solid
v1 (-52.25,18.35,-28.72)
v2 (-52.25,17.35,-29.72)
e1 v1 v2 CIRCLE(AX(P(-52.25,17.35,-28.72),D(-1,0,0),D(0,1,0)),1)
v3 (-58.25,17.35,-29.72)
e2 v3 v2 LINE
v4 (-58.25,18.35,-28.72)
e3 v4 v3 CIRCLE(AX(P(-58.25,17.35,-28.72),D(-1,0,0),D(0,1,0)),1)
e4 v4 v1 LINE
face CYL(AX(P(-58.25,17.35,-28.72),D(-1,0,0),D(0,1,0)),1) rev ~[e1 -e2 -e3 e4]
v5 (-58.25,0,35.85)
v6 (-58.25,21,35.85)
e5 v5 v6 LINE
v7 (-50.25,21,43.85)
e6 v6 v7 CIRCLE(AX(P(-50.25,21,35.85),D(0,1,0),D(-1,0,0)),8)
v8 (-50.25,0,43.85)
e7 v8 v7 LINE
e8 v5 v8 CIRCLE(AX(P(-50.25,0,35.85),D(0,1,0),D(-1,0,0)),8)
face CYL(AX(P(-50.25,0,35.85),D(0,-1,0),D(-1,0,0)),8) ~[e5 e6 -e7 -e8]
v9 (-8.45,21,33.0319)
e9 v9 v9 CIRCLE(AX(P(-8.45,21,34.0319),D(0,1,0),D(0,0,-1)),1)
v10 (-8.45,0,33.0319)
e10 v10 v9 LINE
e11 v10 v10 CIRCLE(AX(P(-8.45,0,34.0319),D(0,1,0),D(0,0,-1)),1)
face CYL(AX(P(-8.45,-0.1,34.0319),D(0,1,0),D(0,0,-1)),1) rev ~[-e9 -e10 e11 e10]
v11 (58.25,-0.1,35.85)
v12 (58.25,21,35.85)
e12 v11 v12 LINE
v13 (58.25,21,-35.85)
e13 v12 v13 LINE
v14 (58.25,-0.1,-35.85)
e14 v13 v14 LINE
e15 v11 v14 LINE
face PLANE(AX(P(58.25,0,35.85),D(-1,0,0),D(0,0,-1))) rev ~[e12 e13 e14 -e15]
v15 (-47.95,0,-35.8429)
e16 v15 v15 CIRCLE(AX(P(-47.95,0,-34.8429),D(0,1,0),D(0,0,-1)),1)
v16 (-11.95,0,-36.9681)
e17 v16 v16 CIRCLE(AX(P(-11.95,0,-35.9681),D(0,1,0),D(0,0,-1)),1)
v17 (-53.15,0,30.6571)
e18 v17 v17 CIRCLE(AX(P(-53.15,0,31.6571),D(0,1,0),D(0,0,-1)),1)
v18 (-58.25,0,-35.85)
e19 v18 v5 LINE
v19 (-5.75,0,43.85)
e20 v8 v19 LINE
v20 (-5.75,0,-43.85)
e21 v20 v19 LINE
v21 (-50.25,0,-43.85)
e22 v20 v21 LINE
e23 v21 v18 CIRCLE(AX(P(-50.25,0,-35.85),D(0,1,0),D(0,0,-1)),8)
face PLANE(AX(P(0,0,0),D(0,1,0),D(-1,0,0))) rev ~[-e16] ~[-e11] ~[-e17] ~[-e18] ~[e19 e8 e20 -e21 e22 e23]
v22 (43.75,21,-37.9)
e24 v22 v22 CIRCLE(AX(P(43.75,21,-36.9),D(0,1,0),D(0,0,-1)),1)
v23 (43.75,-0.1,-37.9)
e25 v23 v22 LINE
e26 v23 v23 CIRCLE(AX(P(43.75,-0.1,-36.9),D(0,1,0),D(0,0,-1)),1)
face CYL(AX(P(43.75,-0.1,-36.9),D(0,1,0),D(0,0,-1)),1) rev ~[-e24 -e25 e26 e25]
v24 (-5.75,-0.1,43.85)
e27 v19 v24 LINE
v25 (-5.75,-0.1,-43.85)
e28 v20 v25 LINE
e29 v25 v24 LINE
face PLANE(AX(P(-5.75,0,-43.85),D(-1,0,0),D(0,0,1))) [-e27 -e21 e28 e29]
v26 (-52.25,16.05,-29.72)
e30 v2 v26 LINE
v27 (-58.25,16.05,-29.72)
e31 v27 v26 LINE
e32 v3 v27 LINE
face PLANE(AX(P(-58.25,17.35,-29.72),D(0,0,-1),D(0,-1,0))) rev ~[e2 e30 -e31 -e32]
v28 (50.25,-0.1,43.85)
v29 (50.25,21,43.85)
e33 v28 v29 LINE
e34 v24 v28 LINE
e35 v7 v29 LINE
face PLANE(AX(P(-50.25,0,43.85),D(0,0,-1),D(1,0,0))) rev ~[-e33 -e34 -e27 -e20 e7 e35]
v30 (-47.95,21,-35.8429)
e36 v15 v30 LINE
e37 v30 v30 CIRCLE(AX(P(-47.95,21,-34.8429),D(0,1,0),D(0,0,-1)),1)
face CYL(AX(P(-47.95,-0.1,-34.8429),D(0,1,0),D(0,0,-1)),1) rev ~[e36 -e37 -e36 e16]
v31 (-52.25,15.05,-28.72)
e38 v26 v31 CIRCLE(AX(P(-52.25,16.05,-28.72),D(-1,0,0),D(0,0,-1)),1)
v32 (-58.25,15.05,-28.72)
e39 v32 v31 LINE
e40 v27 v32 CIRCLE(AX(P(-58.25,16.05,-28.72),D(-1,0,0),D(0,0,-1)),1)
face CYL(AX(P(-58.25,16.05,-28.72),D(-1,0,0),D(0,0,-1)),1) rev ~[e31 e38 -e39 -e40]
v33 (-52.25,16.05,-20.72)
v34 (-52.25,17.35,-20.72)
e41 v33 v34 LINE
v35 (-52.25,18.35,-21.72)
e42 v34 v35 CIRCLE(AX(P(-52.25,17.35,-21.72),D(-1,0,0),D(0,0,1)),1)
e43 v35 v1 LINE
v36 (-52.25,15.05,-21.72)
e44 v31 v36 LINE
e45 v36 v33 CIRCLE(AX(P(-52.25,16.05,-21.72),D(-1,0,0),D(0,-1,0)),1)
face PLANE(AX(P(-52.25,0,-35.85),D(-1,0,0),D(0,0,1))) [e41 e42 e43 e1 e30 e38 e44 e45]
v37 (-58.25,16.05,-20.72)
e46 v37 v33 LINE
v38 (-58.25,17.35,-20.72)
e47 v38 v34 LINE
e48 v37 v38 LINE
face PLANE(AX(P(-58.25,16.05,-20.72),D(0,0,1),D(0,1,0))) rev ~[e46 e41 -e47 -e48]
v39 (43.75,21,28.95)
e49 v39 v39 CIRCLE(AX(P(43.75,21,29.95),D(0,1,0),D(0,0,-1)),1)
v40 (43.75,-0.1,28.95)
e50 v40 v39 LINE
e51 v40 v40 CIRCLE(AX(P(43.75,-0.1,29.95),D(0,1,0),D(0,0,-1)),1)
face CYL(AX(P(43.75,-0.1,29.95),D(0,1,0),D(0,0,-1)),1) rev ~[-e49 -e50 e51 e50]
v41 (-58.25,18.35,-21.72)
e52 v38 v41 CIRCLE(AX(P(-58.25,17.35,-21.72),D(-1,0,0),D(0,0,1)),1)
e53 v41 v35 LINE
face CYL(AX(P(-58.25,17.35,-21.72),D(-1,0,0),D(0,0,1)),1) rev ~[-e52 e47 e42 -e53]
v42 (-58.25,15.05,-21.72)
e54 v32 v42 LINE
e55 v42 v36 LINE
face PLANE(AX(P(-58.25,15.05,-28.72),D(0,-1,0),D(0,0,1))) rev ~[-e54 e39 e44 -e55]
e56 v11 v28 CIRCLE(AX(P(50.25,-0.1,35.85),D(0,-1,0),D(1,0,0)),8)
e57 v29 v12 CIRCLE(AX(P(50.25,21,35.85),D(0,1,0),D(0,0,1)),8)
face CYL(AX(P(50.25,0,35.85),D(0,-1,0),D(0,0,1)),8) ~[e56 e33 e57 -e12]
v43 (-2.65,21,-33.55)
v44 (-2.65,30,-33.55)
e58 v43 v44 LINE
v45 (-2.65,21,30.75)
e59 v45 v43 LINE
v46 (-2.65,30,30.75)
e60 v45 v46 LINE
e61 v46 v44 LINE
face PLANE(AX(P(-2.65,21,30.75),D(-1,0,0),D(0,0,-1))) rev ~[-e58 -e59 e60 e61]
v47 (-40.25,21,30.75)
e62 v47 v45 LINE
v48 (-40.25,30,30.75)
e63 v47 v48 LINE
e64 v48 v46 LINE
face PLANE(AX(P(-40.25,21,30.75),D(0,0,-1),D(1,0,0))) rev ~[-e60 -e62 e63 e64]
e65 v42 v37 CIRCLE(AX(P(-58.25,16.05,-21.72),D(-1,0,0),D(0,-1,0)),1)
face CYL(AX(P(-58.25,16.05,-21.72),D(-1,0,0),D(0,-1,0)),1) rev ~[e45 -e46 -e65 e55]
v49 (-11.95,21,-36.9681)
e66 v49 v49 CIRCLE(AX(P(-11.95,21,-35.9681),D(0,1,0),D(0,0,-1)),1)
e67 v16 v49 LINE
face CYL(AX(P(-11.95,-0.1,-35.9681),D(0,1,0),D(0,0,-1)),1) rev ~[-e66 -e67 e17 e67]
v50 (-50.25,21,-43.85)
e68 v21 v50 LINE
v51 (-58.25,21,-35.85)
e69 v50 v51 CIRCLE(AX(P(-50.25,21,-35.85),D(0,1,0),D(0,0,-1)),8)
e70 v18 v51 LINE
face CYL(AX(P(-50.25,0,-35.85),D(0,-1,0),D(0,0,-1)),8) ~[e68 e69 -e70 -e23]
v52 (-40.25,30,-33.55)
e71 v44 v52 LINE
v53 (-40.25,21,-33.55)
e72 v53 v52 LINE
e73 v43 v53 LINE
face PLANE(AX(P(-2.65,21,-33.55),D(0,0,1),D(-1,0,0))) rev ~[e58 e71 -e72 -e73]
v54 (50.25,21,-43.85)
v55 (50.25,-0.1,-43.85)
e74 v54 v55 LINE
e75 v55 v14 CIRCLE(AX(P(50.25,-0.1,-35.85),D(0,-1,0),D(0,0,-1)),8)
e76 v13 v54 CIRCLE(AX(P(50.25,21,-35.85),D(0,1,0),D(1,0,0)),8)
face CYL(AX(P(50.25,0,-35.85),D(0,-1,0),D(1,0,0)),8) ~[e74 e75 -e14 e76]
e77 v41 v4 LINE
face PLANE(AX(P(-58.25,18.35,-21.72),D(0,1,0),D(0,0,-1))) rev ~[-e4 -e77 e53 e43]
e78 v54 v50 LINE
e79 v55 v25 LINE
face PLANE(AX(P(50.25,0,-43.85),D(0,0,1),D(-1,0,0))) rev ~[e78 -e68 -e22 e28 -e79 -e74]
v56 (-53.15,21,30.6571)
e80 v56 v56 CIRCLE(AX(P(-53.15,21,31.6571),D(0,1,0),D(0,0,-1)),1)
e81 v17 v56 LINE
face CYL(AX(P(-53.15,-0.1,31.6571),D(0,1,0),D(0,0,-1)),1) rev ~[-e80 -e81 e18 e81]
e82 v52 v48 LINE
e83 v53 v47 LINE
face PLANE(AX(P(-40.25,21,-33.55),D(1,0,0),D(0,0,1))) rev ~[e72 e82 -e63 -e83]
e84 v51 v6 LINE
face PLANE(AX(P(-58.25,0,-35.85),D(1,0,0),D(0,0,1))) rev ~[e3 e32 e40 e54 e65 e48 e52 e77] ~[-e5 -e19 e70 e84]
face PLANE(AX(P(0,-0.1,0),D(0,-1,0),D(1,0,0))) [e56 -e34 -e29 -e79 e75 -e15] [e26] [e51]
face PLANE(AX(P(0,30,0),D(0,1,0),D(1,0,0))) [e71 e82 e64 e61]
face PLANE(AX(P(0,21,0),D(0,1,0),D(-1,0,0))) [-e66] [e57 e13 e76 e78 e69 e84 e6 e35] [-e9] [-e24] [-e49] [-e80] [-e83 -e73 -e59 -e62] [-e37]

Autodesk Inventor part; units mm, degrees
ref_plane "YZ Plane" through (0, 0, 0) normal (1, 0, 0) x (0, 1, 0)
ref_plane "XZ Plane" through (0, 0, 0) normal (0, 1, 0) x (-1, 0, 0)
ref_plane "XY Plane" through (0, 0, 0) normal (0, 0, 1) x (1, 0, 0)
sketch "Skizze1" plane through (0, 0, 0) normal (0, 1, 0) x (-1, 0, 0)
  line L0 (50.25, 43.85) -> (-50.25, 43.85)
  line L1 (-58.25, 35.85) -> (-58.25, -35.85)
  line L2 (-50.25, -43.85) -> (50.25, -43.85)
  line L3 (58.25, -35.85) -> (58.25, 35.85)
  line L4 (58.25, 43.85) -> (-58.25, -43.85) construction
  line L5 (-58.25, 43.85) -> (58.25, -43.85) construction
  arc A0 (58.25, 35.85) -> (50.25, 43.85) centre (50.25, 35.85) ccw
  arc A1 (50.25, -43.85) -> (58.25, -35.85) centre (50.25, -35.85) ccw
  arc A2 (-58.25, -35.85) -> (-50.25, -43.85) centre (-50.25, -35.85) ccw
  arc A3 (-50.25, 43.85) -> (-58.25, 35.85) centre (-50.25, 35.85) ccw
  point P0 (0, 0)
  dimension "d0" = 116.5
  dimension "d1" = 87.7
  dimension "d2" = 8
extrude "Extrusion1" add sketch "Skizze1" along normal blind 21
sketch "Skizze2" plane through (0, 0, 0) normal (0, -1, 0) x (1, 0, 0)
  arc A0 (58.25, 35.85) -> (50.25, 43.85) centre (50.25, 35.85) ccw projected
  line L0 (-50.25, 43.85) -> (50.25, 43.85) projected
  arc A1 (-50.25, 43.85) -> (-58.25, 35.85) centre (-50.25, 35.85) ccw projected
  line L1 (-58.25, -35.85) -> (-58.25, 35.85) projected
  arc A2 (-58.25, -35.85) -> (-50.25, -43.85) centre (-50.25, -35.85) ccw projected
  line L2 (50.25, -43.85) -> (-50.25, -43.85) projected
  arc A3 (50.25, -43.85) -> (58.25, -35.85) centre (50.25, -35.85) ccw projected
  line L3 (58.25, 35.85) -> (58.25, -35.85) projected
  line L4 (50.25, -43.85) -> (-50.25, -43.85) projected
  line L5 (-5.75, -43.85) -> (-5.75, 43.85)
  point P0 (0, 0)
  dimension "d5" = 64
extrude "Extrusion2" add sketch "Skizze2" along normal blind 0.1 contours L3 A3 L2 L5 L0 A0
sketch "Skizze3" plane through (0, 21, 0) normal (0, 1, 0) x (1, 0, 0)
  line L0 (-40.25, -30.75) -> (-2.65, -30.75)
  line L1 (-2.65, -30.75) -> (-2.65, 33.55)
  line L2 (-2.65, 33.55) -> (-40.25, 33.55)
  line L3 (-40.25, 33.55) -> (-40.25, -30.75)
  line L4 (-40.25, -30.75) -> (-2.65, 33.55) construction
  line L5 (-2.65, -30.75) -> (-40.25, 33.55) construction
  line L6 (-50.25, -43.85) -> (50.25, -43.85) projected
  line L7 (50.25, 43.85) -> (-50.25, 43.85) projected
  line L8 (-58.25, 35.85) -> (-58.25, -35.85) projected
  point P0 (0, 0)
  point P1 (-21.45, 1.4)
  dimension "d8" = 37.6
  dimension "d9" = 64.3
  dimension "d10" = 13.1
  dimension "d11" = 10.3
  dimension "d12" = 18
extrude "Extrusion3" add sketch "Skizze3" along normal blind 9
sketch "Skizze4" plane through (0, -0.1, 0) normal (0, -1, 0) x (1, 0, 0)
  line L0 (50.25, 43.85) -> (-5.75, 43.85) projected
  line L1 (-5.75, 43.85) -> (-5.75, -43.85) projected
  line L2 (-5.75, -43.85) -> (50.25, -43.85) projected
  arc A0 (50.25, -43.85) -> (58.25, -35.85) centre (50.25, -35.85) ccw projected
  line L3 (58.25, -35.85) -> (58.25, 35.85) projected
  arc A1 (58.25, 35.85) -> (50.25, 43.85) centre (50.25, 35.85) ccw projected
  line L4 (-5.75, -43.85) -> (-5.75, 43.85) projected
  line L5 (-50.25, 43.85) -> (-5.75, 43.85) projected
  arc A2 (-50.25, 43.85) -> (-58.25, 35.85) centre (-50.25, 35.85) ccw projected
  line L6 (-58.25, -35.85) -> (-58.25, 35.85) projected
  arc A3 (-58.25, -35.85) -> (-50.25, -43.85) centre (-50.25, -35.85) ccw projected
  line L7 (-5.75, -43.85) -> (-50.25, -43.85) projected
  circle A4 centre (43.75, -36.9) radius 1.1
  circle A5 centre (43.75, 29.95) radius 1.1
  circle A6 centre (-11.95, -35.9681) radius 1.1
  circle A7 centre (-8.45, 34.0319) radius 1.1
  circle A8 centre (-47.95, -34.8429) radius 1.1
  circle A9 centre (-53.15, 31.6571) radius 1.1
  point P0 (0, 0)
  dimension "d15" = 2.2
  dimension "d16" = 2.2
  dimension "d17" = 2.2
  dimension "d18" = 2.2
  dimension "d19" = 2.2
  dimension "d20" = 2.2
  dimension "d21" = 0
  dimension "d22" = 66.85
  dimension "d23" = 70
  dimension "d24" = 66.5
  dimension "d25" = 52.2
  dimension "d26" = 44.7
  dimension "d27" = 36
  dimension "d28" = 55.7
  dimension "d29" = 118.7
  dimension "d30" = 112.2809
  dimension "d31" = 86.3
  dimension "d32" = 88.0691
  dimension "d33" = 79.3976
  dimension "d34" = 13.9
  dimension "d35" = 6.95
  dimension "d36" = 14.5
  dimension "d37" = 9.8181
  dimension "d38" = 7.8819
  dimension "d39" = 9.0071
  dimension "d40" = 12.1929
  dimension "d41" = 5.1
hole "Bohrung1" at (-11.95, -0.1, -35.9681) at (-47.95, -0.1, -34.8429) at (-53.15, -0.1, 31.6571) at (-8.45, -0.1, 34.0319) at (43.75, -0.1, 29.95) at (43.75, -0.1, -36.9) direction (0, 1, 0) diameter 2 end through all
sketch "Skizze5" plane through (-58.25, 0, -35.85) normal (-1, 0, 0) x (0, 0, 1)
  line L0 (0, 0) -> (71.7, 0) projected
  line L1 (71.7, 0) -> (71.7, 21) projected
  line L2 (0, 21) -> (71.7, 21) projected
  line L3 (0, 0) -> (0, 21) projected
  line L4 (14.13, 18.35) -> (7.13, 18.35)
  line L5 (6.13, 17.35) -> (6.13, 16.05)
  line L6 (7.13, 15.05) -> (14.13, 15.05)
  line L7 (15.13, 16.05) -> (15.13, 17.35)
  arc A0 (15.13, 17.35) -> (14.13, 18.35) centre (14.13, 17.35) ccw
  arc A1 (14.13, 15.05) -> (15.13, 16.05) centre (14.13, 16.05) ccw
  arc A2 (6.13, 16.05) -> (7.13, 15.05) centre (7.13, 16.05) ccw
  arc A3 (7.13, 18.35) -> (6.13, 17.35) centre (7.13, 17.35) ccw
  line L8 (-8, 0) -> (0, 0) projected
  line L9 (0, 0) -> (0, 21) projected
  line L10 (-8, 21) -> (0, 21) projected
  line L11 (-8, 0) -> (-8, 21) projected
  point P0 (35.85, 0)
  point P1 (6.13, 15.05)
  point P2 (6.13, 18.35)
  point P3 (15.13, 15.05)
  point P4 (6.13, 16.7)
  dimension "d49" = 9
  dimension "d50" = 3.3
  dimension "d51" = 1
  dimension "d52" = 15.05
  dimension "d53" = 14.13
extrude "Extrusion4" cut sketch "Skizze5" against normal blind 6 contours A0 L7 A1 L6 A2 L5 A3 L4
equation "\"d16\" = d15"
equation "\"d17\" = d15"
equation "\"d18\" = d15"
equation "\"d19\" = d15"
equation "\"d20\" = d15"
properties part number "Isdt"
